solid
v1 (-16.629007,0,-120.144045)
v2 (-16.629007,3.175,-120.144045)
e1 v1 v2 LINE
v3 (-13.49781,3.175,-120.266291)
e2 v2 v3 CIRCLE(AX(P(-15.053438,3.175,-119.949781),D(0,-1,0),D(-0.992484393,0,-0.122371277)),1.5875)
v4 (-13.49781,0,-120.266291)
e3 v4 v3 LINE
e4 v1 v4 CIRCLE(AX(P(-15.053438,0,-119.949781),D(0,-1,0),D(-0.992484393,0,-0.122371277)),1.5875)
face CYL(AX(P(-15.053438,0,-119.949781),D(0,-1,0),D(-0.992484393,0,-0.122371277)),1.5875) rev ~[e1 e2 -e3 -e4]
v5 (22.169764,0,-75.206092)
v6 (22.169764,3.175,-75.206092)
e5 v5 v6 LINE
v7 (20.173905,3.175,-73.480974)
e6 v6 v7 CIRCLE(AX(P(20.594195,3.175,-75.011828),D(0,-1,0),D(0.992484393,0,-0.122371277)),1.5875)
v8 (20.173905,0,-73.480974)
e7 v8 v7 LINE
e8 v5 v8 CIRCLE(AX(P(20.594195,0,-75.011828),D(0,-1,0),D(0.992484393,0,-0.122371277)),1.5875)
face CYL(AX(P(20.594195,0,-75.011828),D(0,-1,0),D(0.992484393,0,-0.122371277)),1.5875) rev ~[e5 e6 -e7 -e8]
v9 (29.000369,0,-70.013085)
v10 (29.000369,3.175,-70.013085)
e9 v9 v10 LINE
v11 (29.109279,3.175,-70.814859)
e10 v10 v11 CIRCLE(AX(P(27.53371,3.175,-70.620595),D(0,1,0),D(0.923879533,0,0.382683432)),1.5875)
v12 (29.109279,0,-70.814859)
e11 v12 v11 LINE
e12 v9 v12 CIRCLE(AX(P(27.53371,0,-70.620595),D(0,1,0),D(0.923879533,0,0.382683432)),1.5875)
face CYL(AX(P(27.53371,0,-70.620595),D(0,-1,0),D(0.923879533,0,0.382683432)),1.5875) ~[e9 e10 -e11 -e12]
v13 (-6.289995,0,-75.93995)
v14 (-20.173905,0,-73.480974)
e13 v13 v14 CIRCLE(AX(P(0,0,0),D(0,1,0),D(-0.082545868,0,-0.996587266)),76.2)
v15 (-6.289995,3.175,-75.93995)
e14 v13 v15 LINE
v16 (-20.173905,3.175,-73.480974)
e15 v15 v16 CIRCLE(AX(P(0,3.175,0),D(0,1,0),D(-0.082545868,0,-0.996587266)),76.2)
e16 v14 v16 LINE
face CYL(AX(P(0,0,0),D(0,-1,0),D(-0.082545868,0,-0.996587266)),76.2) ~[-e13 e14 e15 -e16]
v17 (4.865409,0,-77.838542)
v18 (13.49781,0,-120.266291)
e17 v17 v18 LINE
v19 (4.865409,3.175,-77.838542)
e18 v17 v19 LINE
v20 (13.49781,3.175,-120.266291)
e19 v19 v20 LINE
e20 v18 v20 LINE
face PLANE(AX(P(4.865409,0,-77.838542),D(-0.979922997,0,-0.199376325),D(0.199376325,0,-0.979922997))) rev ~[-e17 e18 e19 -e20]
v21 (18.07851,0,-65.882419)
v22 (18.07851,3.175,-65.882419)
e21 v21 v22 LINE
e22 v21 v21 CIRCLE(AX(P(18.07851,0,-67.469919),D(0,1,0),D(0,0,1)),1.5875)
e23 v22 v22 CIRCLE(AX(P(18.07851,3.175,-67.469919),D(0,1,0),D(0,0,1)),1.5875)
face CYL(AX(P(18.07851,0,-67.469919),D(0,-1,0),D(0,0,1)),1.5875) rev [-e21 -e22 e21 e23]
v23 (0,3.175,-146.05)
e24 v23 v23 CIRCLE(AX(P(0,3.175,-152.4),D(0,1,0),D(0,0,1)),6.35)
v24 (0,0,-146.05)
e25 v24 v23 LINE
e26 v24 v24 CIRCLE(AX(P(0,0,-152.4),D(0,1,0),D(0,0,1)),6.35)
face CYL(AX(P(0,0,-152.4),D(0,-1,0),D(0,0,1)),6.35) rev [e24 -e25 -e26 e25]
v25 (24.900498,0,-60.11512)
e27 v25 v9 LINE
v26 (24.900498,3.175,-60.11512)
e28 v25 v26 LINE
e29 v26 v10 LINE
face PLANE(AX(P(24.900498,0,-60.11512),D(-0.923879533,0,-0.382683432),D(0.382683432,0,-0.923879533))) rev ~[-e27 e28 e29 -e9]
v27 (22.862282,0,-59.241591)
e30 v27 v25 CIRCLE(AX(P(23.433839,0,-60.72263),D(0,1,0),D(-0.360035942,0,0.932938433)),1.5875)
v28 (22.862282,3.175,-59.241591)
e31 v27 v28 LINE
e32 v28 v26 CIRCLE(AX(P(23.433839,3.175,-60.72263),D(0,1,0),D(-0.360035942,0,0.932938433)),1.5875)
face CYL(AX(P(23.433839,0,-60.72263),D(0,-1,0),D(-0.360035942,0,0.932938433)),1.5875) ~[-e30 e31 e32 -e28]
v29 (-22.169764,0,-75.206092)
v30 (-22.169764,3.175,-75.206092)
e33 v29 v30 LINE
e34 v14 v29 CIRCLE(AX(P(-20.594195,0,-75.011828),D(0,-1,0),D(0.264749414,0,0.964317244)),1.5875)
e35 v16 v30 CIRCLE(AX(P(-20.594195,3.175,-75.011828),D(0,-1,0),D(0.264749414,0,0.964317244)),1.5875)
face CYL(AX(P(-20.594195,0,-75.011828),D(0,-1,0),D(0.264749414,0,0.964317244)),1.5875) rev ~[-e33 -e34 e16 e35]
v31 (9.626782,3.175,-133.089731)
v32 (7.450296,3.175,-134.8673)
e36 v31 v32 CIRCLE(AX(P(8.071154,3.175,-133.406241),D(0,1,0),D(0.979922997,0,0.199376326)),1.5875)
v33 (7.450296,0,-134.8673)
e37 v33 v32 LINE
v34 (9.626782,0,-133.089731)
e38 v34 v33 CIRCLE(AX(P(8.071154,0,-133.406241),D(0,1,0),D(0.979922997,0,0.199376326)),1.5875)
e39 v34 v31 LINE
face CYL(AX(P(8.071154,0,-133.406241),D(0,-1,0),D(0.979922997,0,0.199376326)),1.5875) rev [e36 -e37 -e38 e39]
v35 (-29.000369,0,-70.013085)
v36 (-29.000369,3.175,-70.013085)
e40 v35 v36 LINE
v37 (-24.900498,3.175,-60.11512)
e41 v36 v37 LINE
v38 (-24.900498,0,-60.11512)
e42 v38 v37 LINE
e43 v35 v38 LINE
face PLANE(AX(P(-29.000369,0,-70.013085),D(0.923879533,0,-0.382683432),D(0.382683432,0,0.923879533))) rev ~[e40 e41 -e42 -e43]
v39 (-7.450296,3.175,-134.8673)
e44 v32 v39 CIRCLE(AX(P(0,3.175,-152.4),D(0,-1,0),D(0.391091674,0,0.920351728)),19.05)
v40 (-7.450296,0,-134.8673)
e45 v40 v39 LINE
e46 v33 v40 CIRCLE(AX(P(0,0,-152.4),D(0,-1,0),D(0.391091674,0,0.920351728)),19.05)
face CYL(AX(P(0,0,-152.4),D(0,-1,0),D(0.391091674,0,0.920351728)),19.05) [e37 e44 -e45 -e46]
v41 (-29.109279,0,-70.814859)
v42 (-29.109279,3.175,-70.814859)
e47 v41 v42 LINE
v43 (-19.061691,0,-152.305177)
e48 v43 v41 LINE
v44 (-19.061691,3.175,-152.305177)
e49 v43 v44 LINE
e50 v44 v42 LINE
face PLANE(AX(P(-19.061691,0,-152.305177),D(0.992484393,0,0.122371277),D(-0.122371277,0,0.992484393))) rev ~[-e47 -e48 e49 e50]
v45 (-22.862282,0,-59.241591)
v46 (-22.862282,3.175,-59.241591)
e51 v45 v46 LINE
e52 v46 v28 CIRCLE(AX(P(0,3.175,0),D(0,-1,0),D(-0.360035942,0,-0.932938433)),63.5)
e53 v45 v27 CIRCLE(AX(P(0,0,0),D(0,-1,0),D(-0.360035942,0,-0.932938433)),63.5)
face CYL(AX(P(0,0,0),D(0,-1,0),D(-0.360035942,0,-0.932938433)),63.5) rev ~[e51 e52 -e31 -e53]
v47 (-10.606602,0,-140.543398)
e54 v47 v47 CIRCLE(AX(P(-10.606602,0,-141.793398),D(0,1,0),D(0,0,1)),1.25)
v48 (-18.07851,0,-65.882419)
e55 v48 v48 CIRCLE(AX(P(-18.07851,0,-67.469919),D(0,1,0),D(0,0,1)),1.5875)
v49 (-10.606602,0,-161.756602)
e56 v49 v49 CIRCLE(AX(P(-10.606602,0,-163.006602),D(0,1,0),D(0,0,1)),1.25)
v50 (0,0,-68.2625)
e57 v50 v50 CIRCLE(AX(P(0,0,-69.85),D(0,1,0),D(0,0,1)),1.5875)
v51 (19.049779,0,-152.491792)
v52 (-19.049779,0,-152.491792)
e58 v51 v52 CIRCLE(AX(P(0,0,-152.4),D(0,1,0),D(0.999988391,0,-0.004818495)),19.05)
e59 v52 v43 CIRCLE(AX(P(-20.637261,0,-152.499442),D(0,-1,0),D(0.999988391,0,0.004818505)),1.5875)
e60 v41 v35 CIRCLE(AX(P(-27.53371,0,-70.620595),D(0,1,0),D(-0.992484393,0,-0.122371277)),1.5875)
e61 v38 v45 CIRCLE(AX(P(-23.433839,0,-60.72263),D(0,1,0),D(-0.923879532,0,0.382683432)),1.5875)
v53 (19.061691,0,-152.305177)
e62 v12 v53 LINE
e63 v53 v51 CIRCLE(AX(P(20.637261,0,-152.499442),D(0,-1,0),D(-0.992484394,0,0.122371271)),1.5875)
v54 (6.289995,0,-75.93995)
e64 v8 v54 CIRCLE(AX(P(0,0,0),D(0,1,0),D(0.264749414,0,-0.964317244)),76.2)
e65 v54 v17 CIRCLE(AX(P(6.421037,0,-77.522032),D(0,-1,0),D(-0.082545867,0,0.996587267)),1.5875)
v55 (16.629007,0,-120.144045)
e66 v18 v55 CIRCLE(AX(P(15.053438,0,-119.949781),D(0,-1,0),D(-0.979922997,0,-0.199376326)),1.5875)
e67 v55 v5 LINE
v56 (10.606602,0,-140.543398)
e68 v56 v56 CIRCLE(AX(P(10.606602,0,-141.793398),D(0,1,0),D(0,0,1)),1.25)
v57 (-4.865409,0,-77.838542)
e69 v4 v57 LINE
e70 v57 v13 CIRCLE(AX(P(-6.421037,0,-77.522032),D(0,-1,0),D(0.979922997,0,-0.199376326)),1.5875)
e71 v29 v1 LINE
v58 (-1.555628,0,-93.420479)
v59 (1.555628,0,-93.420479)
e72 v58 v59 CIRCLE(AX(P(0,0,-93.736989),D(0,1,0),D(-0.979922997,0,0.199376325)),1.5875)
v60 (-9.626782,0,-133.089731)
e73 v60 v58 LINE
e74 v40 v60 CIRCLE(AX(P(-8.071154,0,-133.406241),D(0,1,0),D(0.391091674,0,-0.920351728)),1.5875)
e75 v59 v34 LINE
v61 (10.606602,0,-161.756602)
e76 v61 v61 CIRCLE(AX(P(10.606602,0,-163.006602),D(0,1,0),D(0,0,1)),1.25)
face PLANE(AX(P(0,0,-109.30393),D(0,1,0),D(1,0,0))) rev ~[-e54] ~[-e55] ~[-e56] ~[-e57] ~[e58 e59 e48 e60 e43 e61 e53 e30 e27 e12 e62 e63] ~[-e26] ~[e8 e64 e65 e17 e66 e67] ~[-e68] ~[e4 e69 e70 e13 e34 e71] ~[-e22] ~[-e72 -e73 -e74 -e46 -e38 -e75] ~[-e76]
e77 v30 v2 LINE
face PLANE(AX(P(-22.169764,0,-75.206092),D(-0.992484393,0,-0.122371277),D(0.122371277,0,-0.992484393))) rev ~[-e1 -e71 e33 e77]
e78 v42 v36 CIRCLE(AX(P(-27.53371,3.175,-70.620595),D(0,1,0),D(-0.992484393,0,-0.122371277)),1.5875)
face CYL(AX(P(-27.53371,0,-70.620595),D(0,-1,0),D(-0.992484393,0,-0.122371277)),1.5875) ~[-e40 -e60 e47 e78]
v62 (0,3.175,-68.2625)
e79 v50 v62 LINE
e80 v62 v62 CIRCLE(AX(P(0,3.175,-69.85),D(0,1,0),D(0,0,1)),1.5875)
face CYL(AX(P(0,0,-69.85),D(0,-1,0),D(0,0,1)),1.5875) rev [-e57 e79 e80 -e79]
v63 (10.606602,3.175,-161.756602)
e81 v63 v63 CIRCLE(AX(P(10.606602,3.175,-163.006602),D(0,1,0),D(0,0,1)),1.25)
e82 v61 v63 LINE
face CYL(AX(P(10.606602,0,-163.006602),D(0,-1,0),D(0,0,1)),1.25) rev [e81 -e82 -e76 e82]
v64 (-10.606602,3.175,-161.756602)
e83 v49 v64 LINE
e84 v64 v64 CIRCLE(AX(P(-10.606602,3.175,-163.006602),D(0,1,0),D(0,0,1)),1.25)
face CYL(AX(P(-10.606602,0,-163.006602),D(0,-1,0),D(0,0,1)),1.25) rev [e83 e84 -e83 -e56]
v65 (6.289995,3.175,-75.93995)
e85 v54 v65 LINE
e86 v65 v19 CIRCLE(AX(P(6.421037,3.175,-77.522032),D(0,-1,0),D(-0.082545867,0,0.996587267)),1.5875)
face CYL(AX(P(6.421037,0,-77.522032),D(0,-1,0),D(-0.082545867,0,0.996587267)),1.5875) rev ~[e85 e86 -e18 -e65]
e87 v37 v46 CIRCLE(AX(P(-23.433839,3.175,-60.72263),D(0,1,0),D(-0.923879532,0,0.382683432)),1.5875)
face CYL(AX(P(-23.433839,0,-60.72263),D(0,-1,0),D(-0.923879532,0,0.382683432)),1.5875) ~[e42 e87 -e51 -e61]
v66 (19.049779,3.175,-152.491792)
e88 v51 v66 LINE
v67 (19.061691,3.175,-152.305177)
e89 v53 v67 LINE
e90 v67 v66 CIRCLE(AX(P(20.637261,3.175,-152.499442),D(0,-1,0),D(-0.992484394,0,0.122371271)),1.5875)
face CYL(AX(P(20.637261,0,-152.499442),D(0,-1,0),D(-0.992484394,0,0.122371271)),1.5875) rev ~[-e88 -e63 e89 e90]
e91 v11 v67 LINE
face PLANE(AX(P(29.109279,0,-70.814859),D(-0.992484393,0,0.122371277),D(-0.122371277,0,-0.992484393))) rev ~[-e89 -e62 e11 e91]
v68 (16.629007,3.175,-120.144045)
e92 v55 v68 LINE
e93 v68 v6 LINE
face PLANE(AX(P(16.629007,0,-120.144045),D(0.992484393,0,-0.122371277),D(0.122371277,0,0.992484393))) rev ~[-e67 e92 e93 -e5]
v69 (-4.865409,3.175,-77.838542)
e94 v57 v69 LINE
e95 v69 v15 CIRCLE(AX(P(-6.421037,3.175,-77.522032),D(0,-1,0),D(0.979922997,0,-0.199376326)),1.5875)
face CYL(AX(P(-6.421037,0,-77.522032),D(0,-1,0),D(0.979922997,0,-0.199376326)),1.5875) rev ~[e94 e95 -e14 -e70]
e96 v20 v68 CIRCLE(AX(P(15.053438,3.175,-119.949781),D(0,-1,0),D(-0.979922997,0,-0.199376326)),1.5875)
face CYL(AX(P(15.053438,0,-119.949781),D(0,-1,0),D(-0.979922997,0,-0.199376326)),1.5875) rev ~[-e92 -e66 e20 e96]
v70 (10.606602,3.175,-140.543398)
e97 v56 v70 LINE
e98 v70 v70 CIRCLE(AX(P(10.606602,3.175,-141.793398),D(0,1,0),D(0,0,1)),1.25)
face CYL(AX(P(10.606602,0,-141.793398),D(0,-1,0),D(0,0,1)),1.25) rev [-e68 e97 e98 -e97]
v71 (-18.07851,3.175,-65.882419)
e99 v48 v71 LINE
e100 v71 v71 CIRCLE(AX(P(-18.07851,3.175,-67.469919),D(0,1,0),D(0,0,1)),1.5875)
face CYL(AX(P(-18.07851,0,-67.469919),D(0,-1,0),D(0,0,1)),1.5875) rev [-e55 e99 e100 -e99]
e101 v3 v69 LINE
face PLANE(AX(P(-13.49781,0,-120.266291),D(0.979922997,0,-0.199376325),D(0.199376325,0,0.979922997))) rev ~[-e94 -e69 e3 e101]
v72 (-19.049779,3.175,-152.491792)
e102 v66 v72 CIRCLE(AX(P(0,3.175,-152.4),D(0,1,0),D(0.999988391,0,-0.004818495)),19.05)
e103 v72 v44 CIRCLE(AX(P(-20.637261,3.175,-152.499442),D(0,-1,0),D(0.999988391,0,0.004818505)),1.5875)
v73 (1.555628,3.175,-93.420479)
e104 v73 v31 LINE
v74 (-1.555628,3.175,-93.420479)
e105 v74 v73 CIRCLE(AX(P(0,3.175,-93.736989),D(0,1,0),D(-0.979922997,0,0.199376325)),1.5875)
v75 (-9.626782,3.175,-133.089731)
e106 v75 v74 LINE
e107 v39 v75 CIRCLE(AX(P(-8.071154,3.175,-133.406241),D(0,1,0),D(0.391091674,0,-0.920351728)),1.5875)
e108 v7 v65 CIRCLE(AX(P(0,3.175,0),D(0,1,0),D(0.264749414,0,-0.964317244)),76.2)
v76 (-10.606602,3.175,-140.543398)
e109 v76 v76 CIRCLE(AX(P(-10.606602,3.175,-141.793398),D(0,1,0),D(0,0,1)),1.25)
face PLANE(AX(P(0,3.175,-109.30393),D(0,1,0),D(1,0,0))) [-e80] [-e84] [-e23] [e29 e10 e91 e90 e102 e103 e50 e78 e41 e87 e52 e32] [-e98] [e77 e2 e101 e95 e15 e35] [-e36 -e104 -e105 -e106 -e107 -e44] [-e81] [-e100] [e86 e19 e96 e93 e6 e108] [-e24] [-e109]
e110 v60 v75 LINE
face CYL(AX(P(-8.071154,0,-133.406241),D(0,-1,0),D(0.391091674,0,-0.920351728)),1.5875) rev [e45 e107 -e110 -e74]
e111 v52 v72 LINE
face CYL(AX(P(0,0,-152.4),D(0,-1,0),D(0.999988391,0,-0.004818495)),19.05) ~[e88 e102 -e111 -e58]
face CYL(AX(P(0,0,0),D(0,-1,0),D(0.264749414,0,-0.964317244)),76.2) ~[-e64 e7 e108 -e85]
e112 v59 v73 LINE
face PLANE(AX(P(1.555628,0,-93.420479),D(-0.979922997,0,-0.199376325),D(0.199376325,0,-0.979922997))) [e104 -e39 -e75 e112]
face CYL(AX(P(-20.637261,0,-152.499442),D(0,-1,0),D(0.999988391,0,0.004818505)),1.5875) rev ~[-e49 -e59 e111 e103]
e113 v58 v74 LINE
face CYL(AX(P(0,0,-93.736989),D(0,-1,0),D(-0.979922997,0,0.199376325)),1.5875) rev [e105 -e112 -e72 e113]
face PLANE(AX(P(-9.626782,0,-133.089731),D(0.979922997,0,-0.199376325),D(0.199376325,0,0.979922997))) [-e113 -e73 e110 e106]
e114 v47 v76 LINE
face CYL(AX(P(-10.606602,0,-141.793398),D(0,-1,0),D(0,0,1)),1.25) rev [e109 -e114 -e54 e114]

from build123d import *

# Parameters (mm, degrees)
SKETCH1_R           = 1.25
SKETCH1_R_2         = 1.5875
SKETCH1_R_3         = 6.35
SKETCH1_R_4         = 1.587499999
BOSS_EXTRUDE1_DEPTH = 3.175


with BuildPart() as part:
    # Sketch1 → Boss-Extrude1 (new body)
    with BuildSketch(Plane(origin=(0, 0, 0), x_dir=(1, 0, 0), z_dir=(0, 1, 0))):
        with BuildLine():
            Line((-19.061691445, 152.305177286), (-29.109279467, 70.814859111))
            ThreePointArc((-29.109279467, 70.814859111), (-29.106764186, 70.406916612), (-29.000369251, 70.01308476))
            Line((-29.000369251, 70.01308476), (-24.900498144, 60.115120329))
            ThreePointArc((-24.900498144, 60.115120329), (-24.059191565, 59.263489811), (-22.862282328, 59.241590515))
            ThreePointArc((-22.862282328, 59.241590515), (0, 63.5), (22.862282328, 59.241590515))
            ThreePointArc((22.862282328, 59.241590515), (24.059191565, 59.263489811), (24.900498144, 60.115120329))
            Line((24.900498144, 60.115120329), (29.000369251, 70.01308476))
            ThreePointArc((29.000369251, 70.01308476), (29.106764186, 70.406916612), (29.109279467, 70.814859111))
            Line((29.109279467, 70.814859111), (19.061691445, 152.305177286))
            ThreePointArc((19.061691445, 152.305177286), (19.052985039, 152.398309253), (19.049778848, 152.491792328))
            ThreePointArc((19.049778848, 152.491792328), (0, 171.45), (-19.049778848, 152.491792328))
            ThreePointArc((-19.049778848, 152.491792328), (-19.052985039, 152.398309253), (-19.061691445, 152.305177286))
        make_face()
        with Locations(Location((-10.606601718, 163.006601718, 0), (0, 0, 270))):
            Circle(SKETCH1_R, mode=Mode.SUBTRACT)
        with Locations(Location((0, 69.85, 0), (0, 0, 270))):
            Circle(SKETCH1_R_2, mode=Mode.SUBTRACT)
        with Locations(Location((18.0785103, 67.469918962, 0), (0, 0, 270))):
            Circle(SKETCH1_R_2, mode=Mode.SUBTRACT)
        with Locations(Location((10.606601718, 163.006601718, 0), (0, 0, 270))):
            Circle(SKETCH1_R, mode=Mode.SUBTRACT)
        with Locations(Location((10.606601718, 141.793398282, 0), (0, 0, 270))):
            Circle(SKETCH1_R, mode=Mode.SUBTRACT)
        with Locations(Location((0, 152.4, 0), (0, 0, 270))):
            Circle(SKETCH1_R_3, mode=Mode.SUBTRACT)
        with Locations(Location((-10.606601718, 141.793398282, 0), (0, 0, 270))):
            Circle(SKETCH1_R, mode=Mode.SUBTRACT)
        with Locations(Location((-18.078510302, 67.469918971, 0), (0, 0, 270))):
            Circle(SKETCH1_R_4, mode=Mode.SUBTRACT)
        with BuildLine():
            Line((-13.497810395, 120.266290898), (-4.865408959, 77.838541906))
            ThreePointArc((-4.865408959, 77.838541906), (-5.15124286, 76.569257194), (-6.289995152, 75.939949704))
            ThreePointArc((-6.289995152, 75.939949704), (-13.288948331, 75.032285399), (-20.173905346, 73.480974021))
            ThreePointArc((-20.173905346, 73.480974021), (-21.632306598, 73.810794489), (-22.169764015, 75.206092049))
            Line((-22.169764015, 75.206092049), (-16.629007128, 120.144045384))
            ThreePointArc((-16.629007128, 120.144045384), (-15.115368796, 121.53607252), (-13.497810395, 120.266290898))
        make_face(mode=Mode.SUBTRACT)
        with BuildLine():
            Line((-9.626782179, 133.089731304), (-1.555627758, 93.42047862))
            ThreePointArc((-1.555627758, 93.42047862), (0, 92.149488537), (1.555627758, 93.42047862))
            Line((1.555627758, 93.42047862), (9.626782179, 133.089731304))
            ThreePointArc((9.626782179, 133.089731304), (9.075338598, 134.635781943), (7.450296388, 134.867299588))
            ThreePointArc((7.450296388, 134.867299588), (0, 133.35), (-7.450296388, 134.867299588))
            ThreePointArc((-7.450296388, 134.867299588), (-9.075338598, 134.635781943), (-9.626782179, 133.089731304))
        make_face(mode=Mode.SUBTRACT)
        with BuildLine():
            Line((4.865408959, 77.838541906), (13.497810395, 120.266290898))
            ThreePointArc((13.497810395, 120.266290898), (15.115368796, 121.53607252), (16.629007128, 120.144045384))
            Line((16.629007128, 120.144045384), (22.169764015, 75.206092049))
            ThreePointArc((22.169764015, 75.206092049), (21.632306598, 73.810794489), (20.173905346, 73.480974021))
            ThreePointArc((20.173905346, 73.480974021), (13.288948331, 75.032285399), (6.289995152, 75.939949704))
            ThreePointArc((6.289995152, 75.939949704), (5.15124286, 76.569257194), (4.865408959, 77.838541906))
        make_face(mode=Mode.SUBTRACT)
    extrude(amount=BOSS_EXTRUDE1_DEPTH)


solid = part.part
